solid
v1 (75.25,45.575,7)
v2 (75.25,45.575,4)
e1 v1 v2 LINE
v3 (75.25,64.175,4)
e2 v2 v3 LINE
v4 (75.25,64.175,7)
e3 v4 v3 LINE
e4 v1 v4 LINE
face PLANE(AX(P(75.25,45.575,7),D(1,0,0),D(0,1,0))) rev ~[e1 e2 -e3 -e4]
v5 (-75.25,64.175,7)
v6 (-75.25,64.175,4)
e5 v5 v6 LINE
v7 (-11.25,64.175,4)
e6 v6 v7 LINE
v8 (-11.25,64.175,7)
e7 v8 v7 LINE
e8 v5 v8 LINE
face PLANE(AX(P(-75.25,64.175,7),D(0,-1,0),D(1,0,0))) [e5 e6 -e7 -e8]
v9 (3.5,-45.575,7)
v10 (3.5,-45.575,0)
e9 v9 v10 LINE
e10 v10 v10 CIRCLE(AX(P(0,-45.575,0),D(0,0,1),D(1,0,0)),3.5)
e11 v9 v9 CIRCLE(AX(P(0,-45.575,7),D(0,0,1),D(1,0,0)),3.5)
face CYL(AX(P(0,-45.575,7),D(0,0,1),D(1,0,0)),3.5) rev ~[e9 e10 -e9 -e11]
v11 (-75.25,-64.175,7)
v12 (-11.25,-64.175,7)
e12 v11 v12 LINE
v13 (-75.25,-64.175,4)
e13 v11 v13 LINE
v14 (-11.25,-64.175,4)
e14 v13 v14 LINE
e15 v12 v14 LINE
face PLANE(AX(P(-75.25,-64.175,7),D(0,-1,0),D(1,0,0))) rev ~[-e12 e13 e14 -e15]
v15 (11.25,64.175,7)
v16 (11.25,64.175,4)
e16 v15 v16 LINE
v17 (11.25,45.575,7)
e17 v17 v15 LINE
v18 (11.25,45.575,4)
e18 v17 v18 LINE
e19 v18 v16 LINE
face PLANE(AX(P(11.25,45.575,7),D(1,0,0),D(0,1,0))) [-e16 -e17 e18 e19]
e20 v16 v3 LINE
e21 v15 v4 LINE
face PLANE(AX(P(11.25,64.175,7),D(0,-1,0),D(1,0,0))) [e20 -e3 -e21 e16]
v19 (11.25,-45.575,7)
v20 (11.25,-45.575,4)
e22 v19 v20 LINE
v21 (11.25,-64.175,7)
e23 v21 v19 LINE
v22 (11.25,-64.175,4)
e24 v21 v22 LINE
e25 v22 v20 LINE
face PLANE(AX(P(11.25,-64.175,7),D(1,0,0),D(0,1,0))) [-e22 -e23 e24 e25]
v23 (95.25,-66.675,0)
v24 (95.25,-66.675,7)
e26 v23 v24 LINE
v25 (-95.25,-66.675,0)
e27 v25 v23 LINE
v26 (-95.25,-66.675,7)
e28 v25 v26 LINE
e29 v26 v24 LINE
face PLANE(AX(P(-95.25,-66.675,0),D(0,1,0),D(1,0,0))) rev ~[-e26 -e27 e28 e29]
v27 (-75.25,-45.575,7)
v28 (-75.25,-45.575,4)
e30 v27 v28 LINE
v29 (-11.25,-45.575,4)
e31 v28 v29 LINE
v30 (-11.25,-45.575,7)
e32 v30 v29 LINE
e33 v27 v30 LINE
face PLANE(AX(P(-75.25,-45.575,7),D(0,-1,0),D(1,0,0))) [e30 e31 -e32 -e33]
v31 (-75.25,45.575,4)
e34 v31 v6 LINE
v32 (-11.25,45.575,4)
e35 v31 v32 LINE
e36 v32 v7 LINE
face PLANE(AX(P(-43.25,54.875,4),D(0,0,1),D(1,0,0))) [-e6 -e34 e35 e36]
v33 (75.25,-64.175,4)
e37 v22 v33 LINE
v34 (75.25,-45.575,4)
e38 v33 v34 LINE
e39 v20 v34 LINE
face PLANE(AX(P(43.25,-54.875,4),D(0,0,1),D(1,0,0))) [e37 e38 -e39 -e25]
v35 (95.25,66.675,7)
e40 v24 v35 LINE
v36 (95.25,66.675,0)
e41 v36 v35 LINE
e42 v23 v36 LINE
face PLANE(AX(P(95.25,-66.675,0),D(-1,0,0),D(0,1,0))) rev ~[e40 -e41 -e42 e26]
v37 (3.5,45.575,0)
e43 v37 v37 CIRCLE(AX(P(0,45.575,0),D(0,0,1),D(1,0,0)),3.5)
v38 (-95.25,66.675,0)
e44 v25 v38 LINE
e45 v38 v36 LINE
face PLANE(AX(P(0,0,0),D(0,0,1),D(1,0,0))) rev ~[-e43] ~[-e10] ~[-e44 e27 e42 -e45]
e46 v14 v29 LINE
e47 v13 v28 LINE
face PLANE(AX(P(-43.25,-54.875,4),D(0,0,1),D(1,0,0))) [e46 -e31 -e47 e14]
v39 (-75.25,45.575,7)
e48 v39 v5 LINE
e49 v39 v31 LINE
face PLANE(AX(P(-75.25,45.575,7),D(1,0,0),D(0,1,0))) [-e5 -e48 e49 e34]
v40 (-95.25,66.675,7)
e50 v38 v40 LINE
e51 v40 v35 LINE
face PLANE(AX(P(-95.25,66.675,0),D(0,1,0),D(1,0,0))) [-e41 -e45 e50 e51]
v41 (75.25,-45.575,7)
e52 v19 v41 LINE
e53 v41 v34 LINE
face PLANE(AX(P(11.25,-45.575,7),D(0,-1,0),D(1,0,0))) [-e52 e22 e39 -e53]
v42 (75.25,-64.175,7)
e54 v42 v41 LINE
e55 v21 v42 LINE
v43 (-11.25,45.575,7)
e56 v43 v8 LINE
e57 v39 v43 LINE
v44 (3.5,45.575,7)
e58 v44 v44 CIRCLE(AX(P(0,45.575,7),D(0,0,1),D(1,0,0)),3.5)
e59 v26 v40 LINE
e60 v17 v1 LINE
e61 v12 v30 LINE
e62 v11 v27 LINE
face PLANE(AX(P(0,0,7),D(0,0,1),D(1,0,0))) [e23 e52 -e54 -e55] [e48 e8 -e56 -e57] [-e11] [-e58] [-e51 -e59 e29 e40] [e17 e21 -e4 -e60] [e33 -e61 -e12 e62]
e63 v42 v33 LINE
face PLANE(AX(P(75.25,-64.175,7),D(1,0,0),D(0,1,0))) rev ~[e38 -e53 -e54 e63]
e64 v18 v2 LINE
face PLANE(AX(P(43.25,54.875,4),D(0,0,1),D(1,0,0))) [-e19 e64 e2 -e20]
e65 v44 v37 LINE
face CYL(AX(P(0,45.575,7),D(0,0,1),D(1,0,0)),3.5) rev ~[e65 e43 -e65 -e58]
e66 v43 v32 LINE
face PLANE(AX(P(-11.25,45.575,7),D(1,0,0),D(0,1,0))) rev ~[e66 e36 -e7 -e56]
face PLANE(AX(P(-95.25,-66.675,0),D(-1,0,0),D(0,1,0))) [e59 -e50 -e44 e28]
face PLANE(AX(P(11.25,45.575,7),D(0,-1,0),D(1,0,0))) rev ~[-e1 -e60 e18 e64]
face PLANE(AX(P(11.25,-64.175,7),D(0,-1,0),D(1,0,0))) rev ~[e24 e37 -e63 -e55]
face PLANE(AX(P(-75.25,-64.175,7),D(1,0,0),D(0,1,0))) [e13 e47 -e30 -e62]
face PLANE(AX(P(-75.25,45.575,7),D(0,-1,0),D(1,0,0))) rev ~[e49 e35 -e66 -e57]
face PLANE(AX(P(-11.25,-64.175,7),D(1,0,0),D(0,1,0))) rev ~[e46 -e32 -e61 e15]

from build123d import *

# Parameters (mm, degrees)
F0_W     = 190.5
F0_H     = 133.35
F1_DEPTH = 7
F2_W     = 64
F2_H     = 18.6
F3_DEPTH = 3
F4_R     = 3.5
F5_DEPTH = 25


with BuildPart() as f1:
    # F0 (on Top) → F1 (new body)
    with BuildSketch(Plane.XY):
        Rectangle(F0_W, F0_H)
    extrude(amount=F1_DEPTH)

    # F2 (on face) → F3 (cut)
    with BuildSketch(Plane.XY.offset(7)):
        with Locations((-43.25, 54.875)):
            Rectangle(F2_W, F2_H)
        with Locations((43.25, 54.875)):
            Rectangle(F2_W, F2_H)
        with Locations((43.25, -54.875)):
            Rectangle(F2_W, F2_H)
        with Locations((-43.25, -54.875)):
            Rectangle(F2_W, F2_H)
    extrude(amount=-F3_DEPTH, mode=Mode.SUBTRACT)

    # F4 (on face) → F5 (cut)
    with BuildSketch(Plane.XY.offset(7)):
        with Locations((0, -45.575)):
            Circle(F4_R)
        with Locations((0, 45.575)):
            Circle(F4_R)
    extrude(amount=-F5_DEPTH, mode=Mode.SUBTRACT)


solid = f1.part
